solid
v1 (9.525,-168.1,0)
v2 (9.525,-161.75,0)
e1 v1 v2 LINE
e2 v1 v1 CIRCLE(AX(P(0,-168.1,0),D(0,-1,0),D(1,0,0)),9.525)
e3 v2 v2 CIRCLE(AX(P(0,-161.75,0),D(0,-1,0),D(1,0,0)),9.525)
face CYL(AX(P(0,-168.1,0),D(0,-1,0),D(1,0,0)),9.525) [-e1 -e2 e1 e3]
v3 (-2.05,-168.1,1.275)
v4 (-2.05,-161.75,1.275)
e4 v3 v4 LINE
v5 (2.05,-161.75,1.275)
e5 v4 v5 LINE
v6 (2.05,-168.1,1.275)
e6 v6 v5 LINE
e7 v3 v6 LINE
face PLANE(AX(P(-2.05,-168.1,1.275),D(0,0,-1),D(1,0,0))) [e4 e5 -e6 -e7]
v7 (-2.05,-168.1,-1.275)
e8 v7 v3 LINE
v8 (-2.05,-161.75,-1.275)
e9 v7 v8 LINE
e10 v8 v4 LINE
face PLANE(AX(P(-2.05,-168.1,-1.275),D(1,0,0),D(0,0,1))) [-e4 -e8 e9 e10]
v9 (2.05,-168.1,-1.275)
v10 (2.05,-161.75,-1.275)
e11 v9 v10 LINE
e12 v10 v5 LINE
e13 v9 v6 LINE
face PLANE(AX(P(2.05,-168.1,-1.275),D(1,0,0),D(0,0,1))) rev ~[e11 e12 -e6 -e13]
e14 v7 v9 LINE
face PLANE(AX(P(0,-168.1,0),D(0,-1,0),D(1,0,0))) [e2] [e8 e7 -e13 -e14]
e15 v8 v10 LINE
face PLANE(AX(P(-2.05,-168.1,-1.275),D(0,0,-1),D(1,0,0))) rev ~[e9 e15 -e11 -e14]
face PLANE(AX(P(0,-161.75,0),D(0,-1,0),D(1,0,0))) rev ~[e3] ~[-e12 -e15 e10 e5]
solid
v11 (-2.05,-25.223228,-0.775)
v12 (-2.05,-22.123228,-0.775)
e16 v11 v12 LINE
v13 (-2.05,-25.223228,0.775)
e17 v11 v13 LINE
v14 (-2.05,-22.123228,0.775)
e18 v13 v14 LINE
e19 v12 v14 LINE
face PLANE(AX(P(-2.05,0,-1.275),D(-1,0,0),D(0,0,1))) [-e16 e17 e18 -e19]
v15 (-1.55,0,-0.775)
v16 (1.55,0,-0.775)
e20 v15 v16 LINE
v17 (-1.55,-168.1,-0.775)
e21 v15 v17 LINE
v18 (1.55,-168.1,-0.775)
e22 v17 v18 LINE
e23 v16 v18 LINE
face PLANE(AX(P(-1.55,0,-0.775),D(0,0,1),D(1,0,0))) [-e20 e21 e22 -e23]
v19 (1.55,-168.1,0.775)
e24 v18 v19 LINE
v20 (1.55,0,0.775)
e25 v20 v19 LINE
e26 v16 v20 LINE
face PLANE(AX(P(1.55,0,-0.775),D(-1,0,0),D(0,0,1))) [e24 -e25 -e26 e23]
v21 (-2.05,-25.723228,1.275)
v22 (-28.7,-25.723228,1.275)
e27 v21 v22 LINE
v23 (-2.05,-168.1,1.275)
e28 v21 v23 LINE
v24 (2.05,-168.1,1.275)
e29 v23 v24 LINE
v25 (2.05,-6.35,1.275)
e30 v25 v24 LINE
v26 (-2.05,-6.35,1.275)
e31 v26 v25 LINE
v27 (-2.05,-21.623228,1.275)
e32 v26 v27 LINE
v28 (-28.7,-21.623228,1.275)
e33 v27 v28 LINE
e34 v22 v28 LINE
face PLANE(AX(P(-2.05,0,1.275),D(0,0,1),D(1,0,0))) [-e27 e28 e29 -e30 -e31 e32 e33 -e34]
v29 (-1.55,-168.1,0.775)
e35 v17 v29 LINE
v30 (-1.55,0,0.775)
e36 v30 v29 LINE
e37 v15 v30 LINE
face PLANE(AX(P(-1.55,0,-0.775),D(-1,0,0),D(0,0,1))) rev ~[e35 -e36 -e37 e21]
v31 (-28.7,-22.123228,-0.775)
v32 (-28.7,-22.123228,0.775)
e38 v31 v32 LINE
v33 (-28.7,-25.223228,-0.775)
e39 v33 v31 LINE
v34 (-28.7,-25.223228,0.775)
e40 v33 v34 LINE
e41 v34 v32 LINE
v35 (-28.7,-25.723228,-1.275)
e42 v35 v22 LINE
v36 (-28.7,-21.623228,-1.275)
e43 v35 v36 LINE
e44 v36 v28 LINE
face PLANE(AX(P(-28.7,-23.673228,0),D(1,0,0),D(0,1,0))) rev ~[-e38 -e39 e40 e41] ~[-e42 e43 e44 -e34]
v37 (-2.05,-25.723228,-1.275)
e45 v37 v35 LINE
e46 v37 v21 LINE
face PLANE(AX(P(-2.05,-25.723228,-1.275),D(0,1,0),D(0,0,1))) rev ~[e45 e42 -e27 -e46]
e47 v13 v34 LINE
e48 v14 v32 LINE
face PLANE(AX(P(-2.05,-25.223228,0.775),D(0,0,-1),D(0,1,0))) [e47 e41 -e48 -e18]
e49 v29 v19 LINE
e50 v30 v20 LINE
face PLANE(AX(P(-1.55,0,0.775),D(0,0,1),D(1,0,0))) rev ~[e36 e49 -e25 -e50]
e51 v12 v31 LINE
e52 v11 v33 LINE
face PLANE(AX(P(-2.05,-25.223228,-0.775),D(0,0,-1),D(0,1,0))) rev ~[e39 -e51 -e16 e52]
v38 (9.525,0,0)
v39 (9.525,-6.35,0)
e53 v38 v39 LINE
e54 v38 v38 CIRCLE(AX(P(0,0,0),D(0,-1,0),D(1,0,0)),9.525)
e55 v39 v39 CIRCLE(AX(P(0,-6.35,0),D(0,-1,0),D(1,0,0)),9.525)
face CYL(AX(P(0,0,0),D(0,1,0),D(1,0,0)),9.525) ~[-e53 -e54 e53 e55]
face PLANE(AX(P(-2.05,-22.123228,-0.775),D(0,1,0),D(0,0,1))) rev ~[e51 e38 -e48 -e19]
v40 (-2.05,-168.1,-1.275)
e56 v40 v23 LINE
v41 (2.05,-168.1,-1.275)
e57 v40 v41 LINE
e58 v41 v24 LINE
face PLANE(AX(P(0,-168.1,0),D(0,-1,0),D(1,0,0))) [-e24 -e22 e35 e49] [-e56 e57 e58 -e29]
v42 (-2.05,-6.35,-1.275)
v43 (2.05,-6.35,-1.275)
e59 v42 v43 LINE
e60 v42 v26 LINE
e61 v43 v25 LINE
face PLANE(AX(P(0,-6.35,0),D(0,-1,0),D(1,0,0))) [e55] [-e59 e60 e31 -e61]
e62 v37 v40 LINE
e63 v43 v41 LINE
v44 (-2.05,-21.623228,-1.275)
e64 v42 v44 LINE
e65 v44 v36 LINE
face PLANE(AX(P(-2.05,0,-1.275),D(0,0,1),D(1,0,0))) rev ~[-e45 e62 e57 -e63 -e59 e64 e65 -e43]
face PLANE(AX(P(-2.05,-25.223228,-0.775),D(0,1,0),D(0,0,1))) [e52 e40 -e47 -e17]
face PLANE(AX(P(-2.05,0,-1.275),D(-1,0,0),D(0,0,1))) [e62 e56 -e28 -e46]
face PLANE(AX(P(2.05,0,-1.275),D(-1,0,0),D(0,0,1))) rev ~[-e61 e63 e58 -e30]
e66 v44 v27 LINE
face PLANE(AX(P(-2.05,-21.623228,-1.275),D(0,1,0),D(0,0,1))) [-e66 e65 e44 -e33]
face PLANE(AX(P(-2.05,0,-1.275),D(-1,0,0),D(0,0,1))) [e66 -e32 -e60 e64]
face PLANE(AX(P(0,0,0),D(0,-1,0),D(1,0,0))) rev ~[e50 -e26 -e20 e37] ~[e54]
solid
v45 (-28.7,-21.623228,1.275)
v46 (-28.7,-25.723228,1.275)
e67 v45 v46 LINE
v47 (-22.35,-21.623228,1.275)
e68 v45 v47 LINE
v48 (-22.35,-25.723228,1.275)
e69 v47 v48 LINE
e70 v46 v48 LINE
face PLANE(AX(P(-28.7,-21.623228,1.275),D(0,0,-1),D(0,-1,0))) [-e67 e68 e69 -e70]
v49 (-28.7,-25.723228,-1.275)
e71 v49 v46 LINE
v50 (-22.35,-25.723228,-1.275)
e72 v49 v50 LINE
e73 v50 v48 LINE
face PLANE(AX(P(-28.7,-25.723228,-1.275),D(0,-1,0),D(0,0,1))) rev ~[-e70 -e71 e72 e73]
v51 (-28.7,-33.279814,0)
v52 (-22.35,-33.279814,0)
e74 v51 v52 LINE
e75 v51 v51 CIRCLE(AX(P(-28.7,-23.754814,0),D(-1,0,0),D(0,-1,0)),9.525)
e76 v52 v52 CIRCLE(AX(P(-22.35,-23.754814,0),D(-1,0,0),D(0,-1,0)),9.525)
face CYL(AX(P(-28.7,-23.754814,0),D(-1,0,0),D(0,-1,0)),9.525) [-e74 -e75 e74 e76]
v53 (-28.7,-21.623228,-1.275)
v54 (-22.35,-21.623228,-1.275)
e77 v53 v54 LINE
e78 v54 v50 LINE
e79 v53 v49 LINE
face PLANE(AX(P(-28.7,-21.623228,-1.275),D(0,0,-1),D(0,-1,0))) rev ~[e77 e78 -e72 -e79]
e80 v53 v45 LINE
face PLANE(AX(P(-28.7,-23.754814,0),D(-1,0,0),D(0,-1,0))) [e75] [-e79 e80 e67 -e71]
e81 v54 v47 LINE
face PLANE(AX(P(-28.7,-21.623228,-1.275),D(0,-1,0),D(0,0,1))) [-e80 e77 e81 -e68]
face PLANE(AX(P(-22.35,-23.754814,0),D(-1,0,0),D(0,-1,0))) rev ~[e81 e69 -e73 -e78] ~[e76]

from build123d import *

# Parameters (mm, degrees)
F0_W      = 4.1
F0_H      = 2.55
F0_W_2    = 3.1
F0_H_2    = 1.55
F2_DEPTH  = 168.1
F0_R      = 9.525
F3_DEPTH  = 6.35
F4_R      = 9.525
F4_W      = 4.1
F4_H      = 2.55
F5_DEPTH  = 6.35
F7_W      = 4.1
F7_H      = 2.55
F7_W_2    = 3.1
F7_H_2    = 1.55
F8_DEPTH  = 26.65
F9_R      = 9.525
F9_W      = 4.1
F9_H      = 2.55
F10_DEPTH = 6.35


with BuildPart() as f2:
    # F0 (on Front) → F2 (new body)
    with BuildSketch(Plane.XZ):
        Rectangle(F0_W, F0_H)
        Rectangle(F0_W_2, F0_H_2, mode=Mode.SUBTRACT)
    extrude(amount=F2_DEPTH)

    # F0 (on Front) → F3 (join)
    with BuildSketch(Plane.XZ):
        Circle(F0_R)
        Rectangle(F0_W, F0_H, mode=Mode.SUBTRACT)
    extrude(amount=F3_DEPTH)

    # F7 (on offset) → F8 (join)
    with BuildSketch(Plane.YZ.offset(-2.05)):
        with Locations((-23.6732278364, 0)):
            Rectangle(F7_W, F7_H)
        with Locations((-23.6732278364, 0)):
            Rectangle(F7_W_2, F7_H_2, mode=Mode.SUBTRACT)
    extrude(amount=-F8_DEPTH)


with BuildPart() as f5:
    # F4 (on face) → F5 (new body)
    with BuildSketch(Plane.XZ.offset(168.1)):
        Circle(F4_R)
        Rectangle(F4_W, F4_H, mode=Mode.SUBTRACT)
    extrude(amount=-F5_DEPTH)


with BuildPart() as f10:
    # F9 (on face) → F10 (new body)
    with BuildSketch(Plane(origin=(-28.7, 0, 0), x_dir=(0, -1, 0), z_dir=(-1, 0, 0))):
        with Locations((23.7548141568, 0)):
            Circle(F9_R)
        with Locations((23.6732278364, 0)):
            Rectangle(F9_W, F9_H, mode=Mode.SUBTRACT)
    extrude(amount=-F10_DEPTH)


solid = Compound([f2.part, f5.part, f10.part])
